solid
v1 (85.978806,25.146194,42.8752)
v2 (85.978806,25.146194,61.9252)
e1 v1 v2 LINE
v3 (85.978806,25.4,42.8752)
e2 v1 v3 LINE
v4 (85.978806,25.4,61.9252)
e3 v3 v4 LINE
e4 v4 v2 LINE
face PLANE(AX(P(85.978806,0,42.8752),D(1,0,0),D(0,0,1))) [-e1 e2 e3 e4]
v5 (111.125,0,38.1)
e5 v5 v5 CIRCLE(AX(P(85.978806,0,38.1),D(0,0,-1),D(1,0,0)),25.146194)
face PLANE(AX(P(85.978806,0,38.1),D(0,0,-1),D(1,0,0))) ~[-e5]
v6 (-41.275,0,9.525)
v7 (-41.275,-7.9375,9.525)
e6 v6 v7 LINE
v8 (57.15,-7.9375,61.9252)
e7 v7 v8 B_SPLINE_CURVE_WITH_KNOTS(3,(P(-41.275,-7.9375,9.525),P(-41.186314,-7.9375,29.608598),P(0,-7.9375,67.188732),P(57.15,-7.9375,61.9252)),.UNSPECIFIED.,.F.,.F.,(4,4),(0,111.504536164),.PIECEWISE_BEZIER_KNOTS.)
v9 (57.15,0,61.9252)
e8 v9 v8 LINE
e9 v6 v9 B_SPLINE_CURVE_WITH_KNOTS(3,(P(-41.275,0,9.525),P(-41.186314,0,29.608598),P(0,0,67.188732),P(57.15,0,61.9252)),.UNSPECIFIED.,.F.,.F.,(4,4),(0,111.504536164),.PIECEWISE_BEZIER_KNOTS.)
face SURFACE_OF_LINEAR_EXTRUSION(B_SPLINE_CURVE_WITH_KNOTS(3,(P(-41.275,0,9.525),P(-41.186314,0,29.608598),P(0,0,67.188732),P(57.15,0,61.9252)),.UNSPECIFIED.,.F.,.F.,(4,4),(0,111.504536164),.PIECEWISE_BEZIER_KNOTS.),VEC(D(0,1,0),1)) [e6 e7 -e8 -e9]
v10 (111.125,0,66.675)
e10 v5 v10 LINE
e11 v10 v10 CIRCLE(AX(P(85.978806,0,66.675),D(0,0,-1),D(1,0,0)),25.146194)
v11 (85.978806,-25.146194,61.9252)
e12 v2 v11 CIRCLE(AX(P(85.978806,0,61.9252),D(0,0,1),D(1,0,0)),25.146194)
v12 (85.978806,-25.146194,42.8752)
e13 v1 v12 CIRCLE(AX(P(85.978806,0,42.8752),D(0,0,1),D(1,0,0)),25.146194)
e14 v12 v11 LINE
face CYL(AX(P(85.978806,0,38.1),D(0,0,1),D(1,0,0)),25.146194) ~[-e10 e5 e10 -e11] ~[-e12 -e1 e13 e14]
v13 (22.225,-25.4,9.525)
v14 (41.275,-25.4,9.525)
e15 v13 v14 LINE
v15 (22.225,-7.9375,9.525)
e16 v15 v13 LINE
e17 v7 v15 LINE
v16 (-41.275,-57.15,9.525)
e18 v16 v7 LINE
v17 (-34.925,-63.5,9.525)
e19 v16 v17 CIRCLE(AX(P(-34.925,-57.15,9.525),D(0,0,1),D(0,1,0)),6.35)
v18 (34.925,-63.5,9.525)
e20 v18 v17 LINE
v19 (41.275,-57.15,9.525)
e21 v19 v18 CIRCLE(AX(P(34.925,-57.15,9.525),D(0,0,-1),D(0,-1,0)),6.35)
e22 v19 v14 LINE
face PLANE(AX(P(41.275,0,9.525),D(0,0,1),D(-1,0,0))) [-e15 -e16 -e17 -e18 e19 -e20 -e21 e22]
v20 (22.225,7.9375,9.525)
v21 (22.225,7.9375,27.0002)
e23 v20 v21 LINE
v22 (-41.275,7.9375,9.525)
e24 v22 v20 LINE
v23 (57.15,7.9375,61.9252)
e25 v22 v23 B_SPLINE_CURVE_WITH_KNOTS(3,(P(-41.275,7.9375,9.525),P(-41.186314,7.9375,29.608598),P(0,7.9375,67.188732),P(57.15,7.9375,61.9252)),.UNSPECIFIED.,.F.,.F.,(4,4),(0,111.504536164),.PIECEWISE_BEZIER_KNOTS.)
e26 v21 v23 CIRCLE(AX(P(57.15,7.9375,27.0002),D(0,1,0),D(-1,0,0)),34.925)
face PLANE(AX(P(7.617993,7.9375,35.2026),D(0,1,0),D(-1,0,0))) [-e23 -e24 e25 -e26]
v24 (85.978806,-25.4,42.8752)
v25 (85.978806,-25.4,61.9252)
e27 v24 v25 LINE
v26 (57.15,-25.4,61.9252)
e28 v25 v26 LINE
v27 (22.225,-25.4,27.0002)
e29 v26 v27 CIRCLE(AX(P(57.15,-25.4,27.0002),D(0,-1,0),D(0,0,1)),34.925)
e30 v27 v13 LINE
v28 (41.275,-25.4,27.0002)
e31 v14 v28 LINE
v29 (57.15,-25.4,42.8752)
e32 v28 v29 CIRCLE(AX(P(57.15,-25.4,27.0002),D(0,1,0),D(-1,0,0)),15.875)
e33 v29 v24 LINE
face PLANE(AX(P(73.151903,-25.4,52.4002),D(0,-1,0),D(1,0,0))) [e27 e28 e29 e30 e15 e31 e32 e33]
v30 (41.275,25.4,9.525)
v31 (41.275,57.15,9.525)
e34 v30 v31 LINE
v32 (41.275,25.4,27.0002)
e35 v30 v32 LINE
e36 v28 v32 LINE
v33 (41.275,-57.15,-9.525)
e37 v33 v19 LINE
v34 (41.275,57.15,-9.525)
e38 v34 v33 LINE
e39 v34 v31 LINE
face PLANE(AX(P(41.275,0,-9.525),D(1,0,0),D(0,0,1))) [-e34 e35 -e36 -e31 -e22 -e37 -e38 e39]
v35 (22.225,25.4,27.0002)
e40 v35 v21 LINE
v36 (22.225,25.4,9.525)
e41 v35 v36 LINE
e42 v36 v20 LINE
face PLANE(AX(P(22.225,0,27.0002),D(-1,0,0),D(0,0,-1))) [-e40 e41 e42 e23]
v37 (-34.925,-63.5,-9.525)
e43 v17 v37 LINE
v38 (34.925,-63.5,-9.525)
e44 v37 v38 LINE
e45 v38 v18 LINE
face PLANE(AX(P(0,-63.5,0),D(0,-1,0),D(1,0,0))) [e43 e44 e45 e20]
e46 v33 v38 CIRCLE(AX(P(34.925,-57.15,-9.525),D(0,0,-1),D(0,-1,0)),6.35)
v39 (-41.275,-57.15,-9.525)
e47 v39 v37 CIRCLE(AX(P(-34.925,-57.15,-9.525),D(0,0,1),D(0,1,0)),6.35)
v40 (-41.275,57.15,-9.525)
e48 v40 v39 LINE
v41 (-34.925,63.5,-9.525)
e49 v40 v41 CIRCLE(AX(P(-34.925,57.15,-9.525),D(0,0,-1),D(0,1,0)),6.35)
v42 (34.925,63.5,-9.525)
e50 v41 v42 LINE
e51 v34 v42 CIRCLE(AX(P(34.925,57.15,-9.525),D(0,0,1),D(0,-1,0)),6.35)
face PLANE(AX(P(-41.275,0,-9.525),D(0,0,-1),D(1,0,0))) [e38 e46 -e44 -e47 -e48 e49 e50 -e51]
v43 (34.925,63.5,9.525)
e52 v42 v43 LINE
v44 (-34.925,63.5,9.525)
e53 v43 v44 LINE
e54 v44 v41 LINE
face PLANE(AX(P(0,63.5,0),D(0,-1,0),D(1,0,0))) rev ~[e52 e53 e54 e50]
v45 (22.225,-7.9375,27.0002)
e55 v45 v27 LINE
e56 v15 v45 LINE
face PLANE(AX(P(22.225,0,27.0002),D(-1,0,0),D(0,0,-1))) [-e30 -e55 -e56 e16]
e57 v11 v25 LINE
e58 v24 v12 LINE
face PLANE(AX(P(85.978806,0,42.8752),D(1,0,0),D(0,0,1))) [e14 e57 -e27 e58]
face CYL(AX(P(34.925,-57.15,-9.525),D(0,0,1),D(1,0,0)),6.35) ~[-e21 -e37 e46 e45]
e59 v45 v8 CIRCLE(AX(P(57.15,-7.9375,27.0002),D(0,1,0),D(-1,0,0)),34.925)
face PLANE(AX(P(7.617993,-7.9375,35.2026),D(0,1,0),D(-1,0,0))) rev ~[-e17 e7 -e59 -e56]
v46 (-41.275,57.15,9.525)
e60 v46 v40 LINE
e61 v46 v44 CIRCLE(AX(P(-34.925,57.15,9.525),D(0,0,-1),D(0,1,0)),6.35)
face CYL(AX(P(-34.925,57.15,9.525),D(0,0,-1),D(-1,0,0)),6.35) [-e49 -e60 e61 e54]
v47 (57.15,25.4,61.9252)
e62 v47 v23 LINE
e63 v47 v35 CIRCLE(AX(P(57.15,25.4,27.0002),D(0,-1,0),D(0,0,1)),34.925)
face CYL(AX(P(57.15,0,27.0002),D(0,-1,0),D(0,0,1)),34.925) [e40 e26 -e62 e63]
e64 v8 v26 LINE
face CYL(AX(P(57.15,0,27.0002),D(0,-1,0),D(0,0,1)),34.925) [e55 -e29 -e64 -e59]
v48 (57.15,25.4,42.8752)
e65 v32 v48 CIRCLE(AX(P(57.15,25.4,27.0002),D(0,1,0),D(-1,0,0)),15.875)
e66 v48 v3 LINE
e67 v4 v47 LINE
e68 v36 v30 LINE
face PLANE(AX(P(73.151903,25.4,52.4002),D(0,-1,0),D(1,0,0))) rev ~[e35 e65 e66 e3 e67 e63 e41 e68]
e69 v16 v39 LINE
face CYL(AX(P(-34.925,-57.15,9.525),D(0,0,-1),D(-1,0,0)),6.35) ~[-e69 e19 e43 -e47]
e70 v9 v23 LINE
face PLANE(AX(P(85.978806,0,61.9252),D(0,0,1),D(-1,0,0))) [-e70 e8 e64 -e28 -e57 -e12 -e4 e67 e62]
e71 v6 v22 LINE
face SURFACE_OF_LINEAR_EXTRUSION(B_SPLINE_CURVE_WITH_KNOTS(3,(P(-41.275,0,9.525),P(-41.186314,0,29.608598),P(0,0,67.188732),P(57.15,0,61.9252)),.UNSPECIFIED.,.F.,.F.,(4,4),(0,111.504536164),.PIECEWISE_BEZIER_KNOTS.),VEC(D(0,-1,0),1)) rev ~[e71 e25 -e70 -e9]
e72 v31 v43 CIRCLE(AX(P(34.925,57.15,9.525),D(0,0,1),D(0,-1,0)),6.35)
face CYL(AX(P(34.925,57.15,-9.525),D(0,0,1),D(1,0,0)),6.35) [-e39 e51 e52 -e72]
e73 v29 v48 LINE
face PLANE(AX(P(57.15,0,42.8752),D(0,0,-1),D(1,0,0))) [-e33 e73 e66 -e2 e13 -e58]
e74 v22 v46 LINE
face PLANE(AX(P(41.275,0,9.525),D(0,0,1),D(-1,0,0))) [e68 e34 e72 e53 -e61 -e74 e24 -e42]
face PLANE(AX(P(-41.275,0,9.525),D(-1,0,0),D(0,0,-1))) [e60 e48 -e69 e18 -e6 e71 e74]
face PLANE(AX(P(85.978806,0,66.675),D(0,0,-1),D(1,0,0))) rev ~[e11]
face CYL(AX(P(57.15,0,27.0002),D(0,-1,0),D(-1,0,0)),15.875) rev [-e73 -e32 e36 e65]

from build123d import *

# Parameters (mm, degrees)
F1_DEPTH = 63.5
F0_W     = 25.6538060188
F0_H     = 19.05
F2_DEPTH = 25.4
F3_DEPTH = 7.9375
F5_R     = 6.35


with BuildPart() as f1:
    # F0 (on Front) → F1 (new body, symmetric)
    with BuildSketch(Plane.XZ):
        Polygon((22.225, 9.525), (-41.275, 9.525), (-41.275, -9.525), (41.275, -9.525), (41.275, 9.525), align=None)
    extrude(amount=F1_DEPTH, both=True)

    # F0 (on Front) → F2 (join, symmetric)
    with BuildSketch(Plane.XZ):
        with Locations((73.1519030094, 52.4002)):
            Rectangle(F0_W, F0_H)
        with BuildLine():
            Line((22.225, 27.0002), (22.225, 9.525))
            Line((22.225, 9.525), (41.275, 9.525))
            Line((41.275, 9.525), (41.275, 27.0002))
            ThreePointArc((41.275, 27.0002), (45.9246798487, 38.2255201513), (57.15, 42.8752))
            Line((57.15, 42.8752), (60.325, 42.8752))
            Line((60.325, 42.8752), (60.325, 61.9252))
            Line((60.325, 61.9252), (57.15, 61.9252))
            ThreePointArc((57.15, 61.9252), (32.4542956671, 51.6959043329), (22.225, 27.0002))
        make_face()
    extrude(amount=F2_DEPTH, both=True)

    # F0 (on Front) → F3 (join, symmetric)
    with BuildSketch(Plane.XZ):
        with BuildLine():
            add(Edge.make_bspline(
                [(-41.275, 9.525), (-41.1863140762, 29.6085979789), (0, 67.188732326), (57.15, 61.9252)],
                knots=[0, 0, 0, 0, 111.5045361635, 111.5045361635, 111.5045361635, 111.5045361635], degree=3))
            Line((-41.275, 9.525), (22.225, 9.525))
            Line((22.225, 9.525), (22.225, 27.0002))
            ThreePointArc((22.225, 27.0002), (32.4542956671, 51.6959043329), (57.15, 61.9252))
        make_face()
    extrude(amount=F3_DEPTH, both=True)

    # F0 (on Front) → F4 (revolve)
    with BuildSketch(Plane.XZ):
        Polygon((85.9788060188, 66.675), (85.9788060188, 61.9252), (85.9788060188, 42.8752), (85.9788060188, 38.1), (111.125, 38.1), (111.125, 66.675), align=None)
    revolve(axis=Axis((85.9788060188, 0, 54.7751), (0, 0, -1)))

    # F5
    f5_edges = [f1.edges().sort_by_distance(p)[0] for p in [
        (41.275, -63.5, 0),
        (-41.275, -63.5, 0),
        (41.275, 63.5, 0),
        (-41.275, 63.5, 0),
    ]]
    fillet(f5_edges, radius=F5_R)


solid = f1.part
